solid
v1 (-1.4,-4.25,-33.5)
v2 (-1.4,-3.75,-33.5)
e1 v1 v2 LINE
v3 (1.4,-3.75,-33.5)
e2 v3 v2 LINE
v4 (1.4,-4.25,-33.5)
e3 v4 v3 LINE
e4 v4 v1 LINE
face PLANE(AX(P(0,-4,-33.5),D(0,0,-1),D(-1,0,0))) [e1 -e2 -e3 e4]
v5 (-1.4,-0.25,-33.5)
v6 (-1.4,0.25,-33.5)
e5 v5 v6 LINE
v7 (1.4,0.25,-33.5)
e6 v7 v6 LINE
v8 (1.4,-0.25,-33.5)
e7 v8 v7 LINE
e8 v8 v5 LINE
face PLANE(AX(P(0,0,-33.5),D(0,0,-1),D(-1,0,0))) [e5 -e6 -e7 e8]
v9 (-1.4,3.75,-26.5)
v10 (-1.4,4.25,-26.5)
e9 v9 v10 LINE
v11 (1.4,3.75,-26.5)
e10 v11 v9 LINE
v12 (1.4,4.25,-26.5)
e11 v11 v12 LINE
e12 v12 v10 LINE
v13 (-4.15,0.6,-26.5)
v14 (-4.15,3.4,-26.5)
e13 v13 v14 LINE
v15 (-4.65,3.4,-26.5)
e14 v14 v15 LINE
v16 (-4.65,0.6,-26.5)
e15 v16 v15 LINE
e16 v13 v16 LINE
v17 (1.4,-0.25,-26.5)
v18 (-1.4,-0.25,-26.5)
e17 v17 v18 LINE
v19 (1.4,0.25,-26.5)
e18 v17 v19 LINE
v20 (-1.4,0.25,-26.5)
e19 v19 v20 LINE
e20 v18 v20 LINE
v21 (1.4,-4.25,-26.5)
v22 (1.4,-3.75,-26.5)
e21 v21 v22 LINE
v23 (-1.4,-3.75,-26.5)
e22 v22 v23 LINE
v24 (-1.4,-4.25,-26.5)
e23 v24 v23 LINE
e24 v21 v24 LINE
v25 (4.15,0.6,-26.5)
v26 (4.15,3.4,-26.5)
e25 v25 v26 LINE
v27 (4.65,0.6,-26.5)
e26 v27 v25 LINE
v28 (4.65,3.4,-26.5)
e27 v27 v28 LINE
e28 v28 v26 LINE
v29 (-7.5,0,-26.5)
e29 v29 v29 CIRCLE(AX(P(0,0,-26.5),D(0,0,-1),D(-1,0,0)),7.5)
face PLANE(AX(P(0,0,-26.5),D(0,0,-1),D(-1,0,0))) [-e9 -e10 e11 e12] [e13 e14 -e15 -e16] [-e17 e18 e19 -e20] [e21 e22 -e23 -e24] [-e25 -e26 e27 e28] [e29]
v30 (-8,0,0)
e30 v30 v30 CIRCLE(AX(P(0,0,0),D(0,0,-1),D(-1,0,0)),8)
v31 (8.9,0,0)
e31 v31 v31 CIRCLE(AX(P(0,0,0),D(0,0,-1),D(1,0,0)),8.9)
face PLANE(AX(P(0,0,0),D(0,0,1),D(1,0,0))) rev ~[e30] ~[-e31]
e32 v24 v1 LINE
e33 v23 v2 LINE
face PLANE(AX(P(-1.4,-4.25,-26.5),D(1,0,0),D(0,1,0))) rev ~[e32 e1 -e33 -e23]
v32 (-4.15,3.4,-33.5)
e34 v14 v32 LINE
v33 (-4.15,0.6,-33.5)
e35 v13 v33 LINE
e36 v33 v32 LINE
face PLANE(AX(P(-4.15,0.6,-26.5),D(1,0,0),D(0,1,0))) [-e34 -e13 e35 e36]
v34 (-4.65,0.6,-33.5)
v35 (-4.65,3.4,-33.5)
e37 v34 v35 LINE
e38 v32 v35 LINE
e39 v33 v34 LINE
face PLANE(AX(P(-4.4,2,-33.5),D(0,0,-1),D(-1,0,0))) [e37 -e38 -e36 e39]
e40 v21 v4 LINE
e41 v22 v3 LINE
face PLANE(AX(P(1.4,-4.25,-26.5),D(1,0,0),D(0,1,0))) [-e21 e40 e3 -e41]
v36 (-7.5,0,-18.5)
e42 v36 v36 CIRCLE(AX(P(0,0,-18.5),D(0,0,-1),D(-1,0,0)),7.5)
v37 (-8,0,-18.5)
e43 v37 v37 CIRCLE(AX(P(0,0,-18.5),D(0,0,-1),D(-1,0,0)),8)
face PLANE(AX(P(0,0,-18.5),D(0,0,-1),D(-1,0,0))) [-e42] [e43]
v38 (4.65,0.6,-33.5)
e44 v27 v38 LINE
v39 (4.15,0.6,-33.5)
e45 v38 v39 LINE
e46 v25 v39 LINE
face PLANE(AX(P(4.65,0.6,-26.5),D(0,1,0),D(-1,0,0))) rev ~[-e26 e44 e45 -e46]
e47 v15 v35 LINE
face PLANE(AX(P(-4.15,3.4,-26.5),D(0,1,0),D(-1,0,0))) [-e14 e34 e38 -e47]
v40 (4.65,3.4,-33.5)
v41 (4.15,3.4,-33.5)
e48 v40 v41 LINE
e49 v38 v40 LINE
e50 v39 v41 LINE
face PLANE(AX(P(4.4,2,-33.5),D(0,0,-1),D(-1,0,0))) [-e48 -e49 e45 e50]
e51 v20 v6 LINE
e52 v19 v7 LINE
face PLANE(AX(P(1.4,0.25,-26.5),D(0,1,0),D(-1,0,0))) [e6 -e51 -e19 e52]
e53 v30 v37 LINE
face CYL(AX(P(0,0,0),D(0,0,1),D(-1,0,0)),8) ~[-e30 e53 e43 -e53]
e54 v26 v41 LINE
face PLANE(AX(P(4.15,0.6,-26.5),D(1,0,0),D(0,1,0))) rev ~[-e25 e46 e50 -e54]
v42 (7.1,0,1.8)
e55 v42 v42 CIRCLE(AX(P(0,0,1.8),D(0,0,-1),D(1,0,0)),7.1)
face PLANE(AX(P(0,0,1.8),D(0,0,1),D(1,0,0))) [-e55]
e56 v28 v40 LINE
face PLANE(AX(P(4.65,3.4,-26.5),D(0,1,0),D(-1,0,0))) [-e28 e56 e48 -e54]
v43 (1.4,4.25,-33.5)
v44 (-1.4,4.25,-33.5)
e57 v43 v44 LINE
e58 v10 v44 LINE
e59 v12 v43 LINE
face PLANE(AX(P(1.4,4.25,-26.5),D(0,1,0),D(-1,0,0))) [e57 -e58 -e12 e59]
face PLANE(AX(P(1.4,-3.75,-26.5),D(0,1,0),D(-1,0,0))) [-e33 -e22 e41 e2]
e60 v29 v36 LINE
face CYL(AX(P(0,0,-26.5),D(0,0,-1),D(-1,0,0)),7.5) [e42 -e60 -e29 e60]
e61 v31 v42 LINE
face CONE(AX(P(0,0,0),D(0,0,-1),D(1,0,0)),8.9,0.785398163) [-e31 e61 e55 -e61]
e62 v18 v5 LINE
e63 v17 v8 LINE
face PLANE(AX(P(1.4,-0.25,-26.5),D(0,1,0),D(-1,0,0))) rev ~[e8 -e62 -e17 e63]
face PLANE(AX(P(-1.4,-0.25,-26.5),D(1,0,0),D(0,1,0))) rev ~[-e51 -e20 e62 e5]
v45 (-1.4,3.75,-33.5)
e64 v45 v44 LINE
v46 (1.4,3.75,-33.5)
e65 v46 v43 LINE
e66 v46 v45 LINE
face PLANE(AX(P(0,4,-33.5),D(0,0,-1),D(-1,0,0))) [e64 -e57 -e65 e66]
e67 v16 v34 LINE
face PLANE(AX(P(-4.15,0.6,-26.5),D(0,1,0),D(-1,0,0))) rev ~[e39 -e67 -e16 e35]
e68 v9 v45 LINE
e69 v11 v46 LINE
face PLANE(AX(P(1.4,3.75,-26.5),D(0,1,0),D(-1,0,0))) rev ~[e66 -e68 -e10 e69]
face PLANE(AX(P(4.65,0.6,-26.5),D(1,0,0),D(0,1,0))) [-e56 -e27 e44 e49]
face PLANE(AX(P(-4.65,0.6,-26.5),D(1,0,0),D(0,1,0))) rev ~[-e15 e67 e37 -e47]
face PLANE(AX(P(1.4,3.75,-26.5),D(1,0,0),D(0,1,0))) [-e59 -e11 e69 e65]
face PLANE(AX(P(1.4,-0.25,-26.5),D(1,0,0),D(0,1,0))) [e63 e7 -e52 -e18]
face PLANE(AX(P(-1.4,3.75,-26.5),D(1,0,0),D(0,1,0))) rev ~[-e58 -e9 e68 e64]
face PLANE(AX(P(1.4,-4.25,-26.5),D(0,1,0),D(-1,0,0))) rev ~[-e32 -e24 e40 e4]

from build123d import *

# Parameters (mm, degrees)
SKETCH_1_R          = 8.9
EXTRUDE_1_DEPTH     = 1.8
EXTRUDE_1_TAPER     = 45
SKETCH_2_R          = 8
EXTRUDE_2_DEPTH     = 26.5
SKETCH_3_W          = 2.8
SKETCH_3_H          = 0.5
SKETCH_3_W_2        = 0.5
SKETCH_3_H_2        = 2.8
EXTRUDE_1_2_DEPTH   = 7
SKETCH_4_R          = 8
SKETCH_4_R_2        = 7.5
CUT_EXTRUDE_1_DEPTH = 8


with BuildPart() as part:
    # 草图1 → Extrude 1 (new body)
    with BuildSketch(Plane.XY):
        Circle(SKETCH_1_R)
    extrude(amount=EXTRUDE_1_DEPTH, taper=EXTRUDE_1_TAPER)

    # 草图2 → 凸台-拉伸2 (add)
    with BuildSketch(Plane(origin=(0, 0, 0), x_dir=(-1, 0, 0), z_dir=(0, 0, -1))):
        Circle(SKETCH_2_R)
    extrude(amount=EXTRUDE_2_DEPTH)

    # 草图3 → Extrude 1 2 (add)
    with BuildSketch(Plane(origin=(0, 0, -26.5), x_dir=(-1, 0, 0), z_dir=(0, 0, -1))):
        Rectangle(SKETCH_3_W, SKETCH_3_H)
        with Locations((0, 4)):
            Rectangle(SKETCH_3_W, SKETCH_3_H)
        with Locations((0, -4)):
            Rectangle(SKETCH_3_W, SKETCH_3_H)
        with Locations((-4.4, 2)):
            Rectangle(SKETCH_3_W_2, SKETCH_3_H_2)
        with Locations((4.4, 2)):
            Rectangle(SKETCH_3_W_2, SKETCH_3_H_2)
    extrude(amount=EXTRUDE_1_2_DEPTH)

    # 草图4 → 切除-拉伸-薄壁1 (cut)
    with BuildSketch(Plane(origin=(0, 0, -26.5), x_dir=(-1, 0, 0), z_dir=(0, 0, -1))):
        Circle(SKETCH_4_R)
        Circle(SKETCH_4_R_2, mode=Mode.SUBTRACT)
    extrude(amount=-CUT_EXTRUDE_1_DEPTH, mode=Mode.SUBTRACT)


solid = part.part
